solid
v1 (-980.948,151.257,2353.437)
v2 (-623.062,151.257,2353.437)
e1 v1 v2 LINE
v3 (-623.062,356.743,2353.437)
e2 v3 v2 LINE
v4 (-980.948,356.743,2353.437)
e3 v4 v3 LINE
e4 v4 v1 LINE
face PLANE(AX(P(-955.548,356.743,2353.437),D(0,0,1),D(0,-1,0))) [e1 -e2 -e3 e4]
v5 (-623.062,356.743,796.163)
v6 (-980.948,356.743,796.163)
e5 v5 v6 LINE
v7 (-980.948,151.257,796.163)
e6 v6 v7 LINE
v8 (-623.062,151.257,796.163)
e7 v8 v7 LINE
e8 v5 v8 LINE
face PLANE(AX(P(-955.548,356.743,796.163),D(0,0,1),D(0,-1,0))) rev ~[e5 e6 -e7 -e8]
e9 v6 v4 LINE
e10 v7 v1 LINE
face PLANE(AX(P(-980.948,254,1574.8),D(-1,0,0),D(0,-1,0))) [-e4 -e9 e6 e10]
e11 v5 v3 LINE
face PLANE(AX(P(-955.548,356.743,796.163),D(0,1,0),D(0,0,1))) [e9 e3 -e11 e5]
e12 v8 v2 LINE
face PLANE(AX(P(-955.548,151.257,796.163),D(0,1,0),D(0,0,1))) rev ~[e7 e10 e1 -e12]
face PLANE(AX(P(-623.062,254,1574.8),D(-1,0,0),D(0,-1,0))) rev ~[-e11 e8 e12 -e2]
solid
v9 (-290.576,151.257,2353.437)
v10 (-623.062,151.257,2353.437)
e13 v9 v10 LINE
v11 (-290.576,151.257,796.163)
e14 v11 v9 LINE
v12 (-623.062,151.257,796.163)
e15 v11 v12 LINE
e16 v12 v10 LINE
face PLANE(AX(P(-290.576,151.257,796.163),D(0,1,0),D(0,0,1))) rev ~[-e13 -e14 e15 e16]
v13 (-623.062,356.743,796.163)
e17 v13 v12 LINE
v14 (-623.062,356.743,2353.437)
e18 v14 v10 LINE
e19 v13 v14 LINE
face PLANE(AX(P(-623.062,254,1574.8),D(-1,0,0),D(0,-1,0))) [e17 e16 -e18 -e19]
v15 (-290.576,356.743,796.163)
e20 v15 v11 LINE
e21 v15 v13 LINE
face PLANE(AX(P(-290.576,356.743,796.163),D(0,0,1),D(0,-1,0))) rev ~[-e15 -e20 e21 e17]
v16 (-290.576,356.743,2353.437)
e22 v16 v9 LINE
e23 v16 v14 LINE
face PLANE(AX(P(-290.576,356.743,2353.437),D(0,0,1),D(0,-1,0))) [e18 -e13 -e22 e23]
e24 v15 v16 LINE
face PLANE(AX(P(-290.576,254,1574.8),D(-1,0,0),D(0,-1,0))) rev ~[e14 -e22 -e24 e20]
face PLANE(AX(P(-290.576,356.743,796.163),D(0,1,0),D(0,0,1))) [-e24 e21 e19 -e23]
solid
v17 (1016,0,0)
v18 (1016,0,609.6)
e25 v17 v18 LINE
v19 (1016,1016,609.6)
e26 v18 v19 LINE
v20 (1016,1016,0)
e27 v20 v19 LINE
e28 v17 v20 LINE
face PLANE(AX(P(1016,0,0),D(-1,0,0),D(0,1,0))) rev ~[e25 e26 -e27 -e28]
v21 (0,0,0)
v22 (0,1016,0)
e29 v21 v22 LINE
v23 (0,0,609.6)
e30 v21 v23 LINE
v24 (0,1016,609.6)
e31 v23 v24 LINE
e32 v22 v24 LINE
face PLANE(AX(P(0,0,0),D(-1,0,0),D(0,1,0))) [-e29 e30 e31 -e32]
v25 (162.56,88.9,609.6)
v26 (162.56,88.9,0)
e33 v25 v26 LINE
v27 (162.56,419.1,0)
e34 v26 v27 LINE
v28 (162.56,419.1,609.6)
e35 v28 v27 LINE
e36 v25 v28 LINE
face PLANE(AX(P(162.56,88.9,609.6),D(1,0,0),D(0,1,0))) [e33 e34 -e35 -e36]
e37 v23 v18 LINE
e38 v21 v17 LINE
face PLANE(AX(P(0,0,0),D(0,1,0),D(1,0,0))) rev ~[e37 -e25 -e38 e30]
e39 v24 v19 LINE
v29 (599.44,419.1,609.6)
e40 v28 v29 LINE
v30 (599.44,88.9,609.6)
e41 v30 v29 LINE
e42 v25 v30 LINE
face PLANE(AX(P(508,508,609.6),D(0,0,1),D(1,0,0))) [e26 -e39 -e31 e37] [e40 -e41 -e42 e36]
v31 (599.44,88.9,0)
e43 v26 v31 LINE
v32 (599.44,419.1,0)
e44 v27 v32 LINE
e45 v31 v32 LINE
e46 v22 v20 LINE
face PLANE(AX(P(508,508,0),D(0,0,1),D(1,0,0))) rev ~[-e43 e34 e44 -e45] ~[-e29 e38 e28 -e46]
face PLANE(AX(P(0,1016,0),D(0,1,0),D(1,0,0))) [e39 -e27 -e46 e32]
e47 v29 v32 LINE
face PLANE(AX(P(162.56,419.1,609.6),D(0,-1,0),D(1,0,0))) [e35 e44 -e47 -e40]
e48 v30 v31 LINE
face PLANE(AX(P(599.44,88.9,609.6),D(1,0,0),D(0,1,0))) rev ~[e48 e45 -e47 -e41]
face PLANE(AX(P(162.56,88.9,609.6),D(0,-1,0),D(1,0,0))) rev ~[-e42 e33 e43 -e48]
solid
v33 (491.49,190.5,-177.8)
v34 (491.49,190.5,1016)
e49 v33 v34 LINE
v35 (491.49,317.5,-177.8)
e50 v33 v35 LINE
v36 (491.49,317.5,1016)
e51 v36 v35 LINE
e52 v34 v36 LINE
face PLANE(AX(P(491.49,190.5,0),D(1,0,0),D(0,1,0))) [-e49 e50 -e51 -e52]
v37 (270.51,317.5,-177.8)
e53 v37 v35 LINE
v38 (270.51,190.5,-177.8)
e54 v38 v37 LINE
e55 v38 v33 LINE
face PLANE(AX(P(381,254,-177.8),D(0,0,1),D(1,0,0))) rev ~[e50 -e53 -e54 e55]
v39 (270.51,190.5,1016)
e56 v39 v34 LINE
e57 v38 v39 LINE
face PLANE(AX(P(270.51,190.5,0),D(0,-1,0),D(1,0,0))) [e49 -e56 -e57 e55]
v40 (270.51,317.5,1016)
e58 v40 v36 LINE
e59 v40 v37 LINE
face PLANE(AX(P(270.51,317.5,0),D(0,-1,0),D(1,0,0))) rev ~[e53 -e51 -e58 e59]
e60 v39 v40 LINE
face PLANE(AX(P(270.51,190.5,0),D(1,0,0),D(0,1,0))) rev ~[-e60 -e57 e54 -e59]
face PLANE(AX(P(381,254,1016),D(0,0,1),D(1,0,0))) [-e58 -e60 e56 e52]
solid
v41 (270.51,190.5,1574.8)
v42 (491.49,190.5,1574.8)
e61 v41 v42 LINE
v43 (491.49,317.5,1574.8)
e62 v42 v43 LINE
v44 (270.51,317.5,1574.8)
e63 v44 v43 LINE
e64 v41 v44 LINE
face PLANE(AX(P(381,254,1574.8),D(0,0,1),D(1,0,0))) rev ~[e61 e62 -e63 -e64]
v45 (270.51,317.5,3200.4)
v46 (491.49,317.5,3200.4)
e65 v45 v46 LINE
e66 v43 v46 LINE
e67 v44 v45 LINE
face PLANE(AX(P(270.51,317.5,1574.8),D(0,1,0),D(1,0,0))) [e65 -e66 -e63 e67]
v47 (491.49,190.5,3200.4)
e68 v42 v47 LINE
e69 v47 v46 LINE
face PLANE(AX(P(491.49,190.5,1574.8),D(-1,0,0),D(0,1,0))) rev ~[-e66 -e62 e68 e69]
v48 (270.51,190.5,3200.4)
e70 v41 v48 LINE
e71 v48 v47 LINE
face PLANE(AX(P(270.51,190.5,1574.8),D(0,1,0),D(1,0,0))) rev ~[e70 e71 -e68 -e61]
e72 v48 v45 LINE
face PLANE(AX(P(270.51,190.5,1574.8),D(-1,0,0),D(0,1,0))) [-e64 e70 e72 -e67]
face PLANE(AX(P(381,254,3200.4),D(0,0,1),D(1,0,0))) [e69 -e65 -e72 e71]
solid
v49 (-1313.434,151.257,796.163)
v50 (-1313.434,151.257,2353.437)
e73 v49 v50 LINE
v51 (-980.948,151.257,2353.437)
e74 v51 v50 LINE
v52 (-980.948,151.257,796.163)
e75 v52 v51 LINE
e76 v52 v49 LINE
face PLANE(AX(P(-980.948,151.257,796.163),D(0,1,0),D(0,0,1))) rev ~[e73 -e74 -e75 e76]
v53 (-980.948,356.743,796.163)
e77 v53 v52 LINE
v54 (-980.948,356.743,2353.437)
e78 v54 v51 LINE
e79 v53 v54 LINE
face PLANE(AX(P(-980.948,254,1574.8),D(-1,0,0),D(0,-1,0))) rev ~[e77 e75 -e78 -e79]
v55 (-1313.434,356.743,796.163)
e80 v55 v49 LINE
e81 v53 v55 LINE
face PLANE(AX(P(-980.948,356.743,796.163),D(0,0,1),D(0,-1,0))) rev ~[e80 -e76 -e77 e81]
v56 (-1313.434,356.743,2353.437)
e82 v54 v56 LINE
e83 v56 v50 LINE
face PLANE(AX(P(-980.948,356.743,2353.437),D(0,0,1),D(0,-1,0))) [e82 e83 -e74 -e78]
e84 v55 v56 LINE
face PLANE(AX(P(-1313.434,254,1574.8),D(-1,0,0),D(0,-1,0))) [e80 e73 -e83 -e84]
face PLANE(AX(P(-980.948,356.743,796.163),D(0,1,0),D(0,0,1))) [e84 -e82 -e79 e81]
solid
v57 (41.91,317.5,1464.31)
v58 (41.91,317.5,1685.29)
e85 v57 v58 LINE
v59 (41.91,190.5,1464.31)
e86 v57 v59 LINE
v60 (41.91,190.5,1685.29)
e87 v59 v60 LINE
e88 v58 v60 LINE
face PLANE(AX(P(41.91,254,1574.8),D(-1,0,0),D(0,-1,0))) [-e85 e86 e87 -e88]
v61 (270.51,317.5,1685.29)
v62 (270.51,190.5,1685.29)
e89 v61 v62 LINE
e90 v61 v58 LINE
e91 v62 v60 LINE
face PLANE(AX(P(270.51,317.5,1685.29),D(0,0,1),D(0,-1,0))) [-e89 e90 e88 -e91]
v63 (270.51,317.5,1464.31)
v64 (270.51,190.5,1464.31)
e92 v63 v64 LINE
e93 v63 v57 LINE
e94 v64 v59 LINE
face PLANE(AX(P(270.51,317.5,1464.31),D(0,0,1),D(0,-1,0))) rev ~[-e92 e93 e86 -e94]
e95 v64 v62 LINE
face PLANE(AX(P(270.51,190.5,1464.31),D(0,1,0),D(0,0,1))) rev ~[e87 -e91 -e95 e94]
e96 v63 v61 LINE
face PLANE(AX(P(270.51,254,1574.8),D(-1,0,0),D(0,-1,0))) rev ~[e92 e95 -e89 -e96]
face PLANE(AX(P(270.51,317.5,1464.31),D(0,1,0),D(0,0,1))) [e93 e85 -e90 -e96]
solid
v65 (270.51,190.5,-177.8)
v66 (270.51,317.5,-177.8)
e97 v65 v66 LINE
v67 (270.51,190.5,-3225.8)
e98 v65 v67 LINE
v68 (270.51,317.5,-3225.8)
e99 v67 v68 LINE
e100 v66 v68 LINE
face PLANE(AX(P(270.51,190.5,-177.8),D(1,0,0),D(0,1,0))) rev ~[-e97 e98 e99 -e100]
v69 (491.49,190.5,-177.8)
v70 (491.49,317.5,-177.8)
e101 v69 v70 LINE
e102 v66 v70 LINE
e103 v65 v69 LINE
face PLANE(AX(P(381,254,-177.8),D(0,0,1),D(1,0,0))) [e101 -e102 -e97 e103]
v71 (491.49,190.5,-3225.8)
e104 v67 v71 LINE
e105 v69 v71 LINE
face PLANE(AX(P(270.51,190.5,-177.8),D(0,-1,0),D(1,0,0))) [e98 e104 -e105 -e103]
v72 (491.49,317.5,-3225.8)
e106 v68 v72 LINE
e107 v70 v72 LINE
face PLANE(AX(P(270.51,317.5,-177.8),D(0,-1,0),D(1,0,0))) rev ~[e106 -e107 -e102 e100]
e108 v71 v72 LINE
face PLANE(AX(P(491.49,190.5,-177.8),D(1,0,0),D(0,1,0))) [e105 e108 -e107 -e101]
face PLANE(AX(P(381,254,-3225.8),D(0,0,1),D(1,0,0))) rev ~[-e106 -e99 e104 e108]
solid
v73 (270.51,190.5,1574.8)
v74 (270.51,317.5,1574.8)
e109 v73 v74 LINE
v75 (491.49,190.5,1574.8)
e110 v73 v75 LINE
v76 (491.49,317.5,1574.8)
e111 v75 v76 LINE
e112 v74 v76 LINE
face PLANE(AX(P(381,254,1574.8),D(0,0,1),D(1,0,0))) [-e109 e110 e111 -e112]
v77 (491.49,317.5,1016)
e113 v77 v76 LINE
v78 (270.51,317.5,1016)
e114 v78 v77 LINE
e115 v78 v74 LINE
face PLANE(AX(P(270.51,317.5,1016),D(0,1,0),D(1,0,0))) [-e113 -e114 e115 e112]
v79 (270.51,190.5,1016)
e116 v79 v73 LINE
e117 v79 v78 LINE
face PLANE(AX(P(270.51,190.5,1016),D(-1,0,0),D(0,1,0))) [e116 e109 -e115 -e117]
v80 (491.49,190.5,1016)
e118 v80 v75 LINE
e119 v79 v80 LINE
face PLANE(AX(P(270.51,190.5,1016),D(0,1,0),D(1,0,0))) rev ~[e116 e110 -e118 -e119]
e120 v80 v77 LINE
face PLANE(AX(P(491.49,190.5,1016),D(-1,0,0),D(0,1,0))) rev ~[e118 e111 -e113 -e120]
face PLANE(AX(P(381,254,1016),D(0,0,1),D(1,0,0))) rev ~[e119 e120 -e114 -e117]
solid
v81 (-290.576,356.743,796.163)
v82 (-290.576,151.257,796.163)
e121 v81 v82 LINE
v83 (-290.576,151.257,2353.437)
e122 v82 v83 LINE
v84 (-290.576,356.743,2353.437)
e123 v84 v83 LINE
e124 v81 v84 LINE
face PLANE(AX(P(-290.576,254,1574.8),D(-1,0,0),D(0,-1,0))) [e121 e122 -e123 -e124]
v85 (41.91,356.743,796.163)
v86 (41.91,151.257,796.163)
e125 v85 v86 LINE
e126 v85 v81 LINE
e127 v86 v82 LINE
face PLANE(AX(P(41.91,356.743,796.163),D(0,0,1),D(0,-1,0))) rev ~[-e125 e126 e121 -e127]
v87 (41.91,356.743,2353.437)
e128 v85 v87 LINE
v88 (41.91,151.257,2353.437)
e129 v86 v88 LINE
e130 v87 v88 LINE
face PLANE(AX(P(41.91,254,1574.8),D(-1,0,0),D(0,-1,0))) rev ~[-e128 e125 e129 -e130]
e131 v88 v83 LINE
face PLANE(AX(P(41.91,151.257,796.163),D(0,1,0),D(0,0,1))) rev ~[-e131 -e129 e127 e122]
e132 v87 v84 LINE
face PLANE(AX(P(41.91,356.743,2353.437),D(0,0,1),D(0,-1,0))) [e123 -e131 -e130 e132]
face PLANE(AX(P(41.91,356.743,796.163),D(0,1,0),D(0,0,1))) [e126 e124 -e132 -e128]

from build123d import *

# Parameters (mm, degrees)
F0_W      = 1016
F0_H      = 1016
F1_DEPTH  = 609.6
F2_W      = 436.88
F2_H      = 330.2
F2_W_2    = 220.98
F2_H_2    = 127
F3_DEPTH  = 609.601
F4_DEPTH  = 762
F5_DEPTH  = 1168.4
F6_DEPTH  = 431.8
F7_DEPTH  = 1193.8
F8_DEPTH  = 406.4
F9_DEPTH  = 1320.8
F10_DEPTH = 177.8
F11_DEPTH = 3048
F12_DEPTH = 3048
F13_DEPTH = 2489.2
F14_DEPTH = 1625.6
F15_W     = 127
F15_H     = 220.98
F16_DEPTH = 228.6
F17_W     = 205.486
F17_H     = 1557.274
F18_DEPTH = 332.486
F19_DEPTH = 332.486
F20_DEPTH = 332.486
F21_DEPTH = 25.4
F22_DEPTH = 332.486


with BuildPart() as f1:
    # F0 (on Top) → F1 (new body)
    with BuildSketch(Plane.XY):
        with Locations((508, 508)):
            Rectangle(F0_W, F0_H)
    extrude(amount=F1_DEPTH)

    # F2 (on face) → F3 (cut, through all)
    with BuildSketch(Plane.XY.offset(609.6)):
        with Locations((381, 254)):
            Rectangle(F2_W, F2_H)
        with Locations((381, 254)):
            Rectangle(F2_W_2, F2_H_2, mode=Mode.SUBTRACT)
        with Locations((381, 254)):
            Rectangle(F2_W_2, F2_H_2)
    extrude(amount=-F3_DEPTH, mode=Mode.SUBTRACT)


with BuildPart() as f4:
    # F2 (on face) → F4 (new body, symmetric)
    with BuildSketch(Plane.XY.offset(609.6)):
        with Locations((381, 254)):
            Rectangle(F2_W_2, F2_H_2)
    extrude(amount=F4_DEPTH, both=True)

    # F5 (add): a face of the model
    f5_faces = [f4.faces().sort_by_distance(p)[0] for p in [
        (381, 254, -152.4),
    ]]
    extrude(f5_faces, amount=F5_DEPTH)

    # F6 (add): a face of the model
    f6_faces = [f4.faces().sort_by_distance(p)[0] for p in [
        (381, 254, 1371.6),
    ]]
    extrude(f6_faces, amount=F6_DEPTH)

    # F7 (cut, through all): a face of the model
    f7_faces = [f4.faces().sort_by_distance(p)[0] for p in [
        (381, 254, 1803.4),
    ]]
    extrude(f7_faces, amount=-F7_DEPTH, mode=Mode.SUBTRACT)

    # F8 (add): a face of the model
    f8_faces = [f4.faces().sort_by_distance(p)[0] for p in [
        (381, 254, 609.6),
    ]]
    extrude(f8_faces, amount=F8_DEPTH)

    # F9 (cut, through all): a face of the model
    f9_faces = [f4.faces().sort_by_distance(p)[0] for p in [
        (381, 254, -1320.8),
    ]]
    extrude(f9_faces, amount=-F9_DEPTH, mode=Mode.SUBTRACT)

    # F10 (add): a face of the model
    f10_faces = [f4.faces().sort_by_distance(p)[0] for p in [
        (381, 254, 0),
    ]]
    extrude(f10_faces, amount=F10_DEPTH)


with BuildPart() as f11:
    # F11 (new): a face of the model
    f11_faces = [f4.part.faces().sort_by_distance(p)[0] for p in [
        (381, 254, 1016),
    ]]
    extrude(f11_faces, amount=F11_DEPTH)

    # F13 (cut): a face of the model
    f13_faces = [f11.faces().sort_by_distance(p)[0] for p in [
        (381, 254, 4064),
    ]]
    extrude(f13_faces, amount=-F13_DEPTH, mode=Mode.SUBTRACT)


with BuildPart() as f12:
    # F12 (new): a face of the model
    f12_faces = [f4.part.faces().sort_by_distance(p)[0] for p in [
        (381, 254, -177.8),
    ]]
    extrude(f12_faces, amount=F12_DEPTH)


with BuildPart() as f14:
    # F14 (new): a face of the model
    f14_faces = [f11.part.faces().sort_by_distance(p)[0] for p in [
        (381, 254, 1574.8),
    ]]
    extrude(f14_faces, amount=F14_DEPTH)


with BuildPart() as f16:
    # F15 (on face) → F16 (new body)
    with BuildSketch(Plane(origin=(270.51, 0, 0), x_dir=(0, -1, 0), z_dir=(-1, 0, 0))):
        with Locations((-254, 1574.8)):
            Rectangle(F15_W, F15_H)
    extrude(amount=F16_DEPTH)


with BuildPart() as f18:
    # F17 (on face) → F18 (new body)
    with BuildSketch(Plane(origin=(41.91, 0, 0), x_dir=(0, -1, 0), z_dir=(-1, 0, 0))):
        with Locations((-254, 1574.8)):
            Rectangle(F17_W, F17_H)
    extrude(amount=F18_DEPTH)


with BuildPart() as f19:
    # F19 (new): a face of the model
    f19_faces = [f18.part.faces().sort_by_distance(p)[0] for p in [
        (-290.576, 254, 1574.8),
    ]]
    extrude(f19_faces, amount=F19_DEPTH)


with BuildPart() as f20:
    # F20 (new): a face of the model
    f20_faces = [f19.part.faces().sort_by_distance(p)[0] for p in [
        (-623.062, 254, 1574.8),
    ]]
    extrude(f20_faces, amount=F20_DEPTH)

    # F21 (add): a face of the model
    f21_faces = [f20.faces().sort_by_distance(p)[0] for p in [
        (-955.548, 254, 1574.8),
    ]]
    extrude(f21_faces, amount=F21_DEPTH)


with BuildPart() as f22:
    # F22 (new): a face of the model
    f22_faces = [f20.part.faces().sort_by_distance(p)[0] for p in [
        (-980.948, 254, 1574.8),
    ]]
    extrude(f22_faces, amount=F22_DEPTH)


solid = Compound([f1.part, f4.part, f11.part, f12.part, f14.part, f16.part, f18.part, f19.part, f20.part, f22.part])
